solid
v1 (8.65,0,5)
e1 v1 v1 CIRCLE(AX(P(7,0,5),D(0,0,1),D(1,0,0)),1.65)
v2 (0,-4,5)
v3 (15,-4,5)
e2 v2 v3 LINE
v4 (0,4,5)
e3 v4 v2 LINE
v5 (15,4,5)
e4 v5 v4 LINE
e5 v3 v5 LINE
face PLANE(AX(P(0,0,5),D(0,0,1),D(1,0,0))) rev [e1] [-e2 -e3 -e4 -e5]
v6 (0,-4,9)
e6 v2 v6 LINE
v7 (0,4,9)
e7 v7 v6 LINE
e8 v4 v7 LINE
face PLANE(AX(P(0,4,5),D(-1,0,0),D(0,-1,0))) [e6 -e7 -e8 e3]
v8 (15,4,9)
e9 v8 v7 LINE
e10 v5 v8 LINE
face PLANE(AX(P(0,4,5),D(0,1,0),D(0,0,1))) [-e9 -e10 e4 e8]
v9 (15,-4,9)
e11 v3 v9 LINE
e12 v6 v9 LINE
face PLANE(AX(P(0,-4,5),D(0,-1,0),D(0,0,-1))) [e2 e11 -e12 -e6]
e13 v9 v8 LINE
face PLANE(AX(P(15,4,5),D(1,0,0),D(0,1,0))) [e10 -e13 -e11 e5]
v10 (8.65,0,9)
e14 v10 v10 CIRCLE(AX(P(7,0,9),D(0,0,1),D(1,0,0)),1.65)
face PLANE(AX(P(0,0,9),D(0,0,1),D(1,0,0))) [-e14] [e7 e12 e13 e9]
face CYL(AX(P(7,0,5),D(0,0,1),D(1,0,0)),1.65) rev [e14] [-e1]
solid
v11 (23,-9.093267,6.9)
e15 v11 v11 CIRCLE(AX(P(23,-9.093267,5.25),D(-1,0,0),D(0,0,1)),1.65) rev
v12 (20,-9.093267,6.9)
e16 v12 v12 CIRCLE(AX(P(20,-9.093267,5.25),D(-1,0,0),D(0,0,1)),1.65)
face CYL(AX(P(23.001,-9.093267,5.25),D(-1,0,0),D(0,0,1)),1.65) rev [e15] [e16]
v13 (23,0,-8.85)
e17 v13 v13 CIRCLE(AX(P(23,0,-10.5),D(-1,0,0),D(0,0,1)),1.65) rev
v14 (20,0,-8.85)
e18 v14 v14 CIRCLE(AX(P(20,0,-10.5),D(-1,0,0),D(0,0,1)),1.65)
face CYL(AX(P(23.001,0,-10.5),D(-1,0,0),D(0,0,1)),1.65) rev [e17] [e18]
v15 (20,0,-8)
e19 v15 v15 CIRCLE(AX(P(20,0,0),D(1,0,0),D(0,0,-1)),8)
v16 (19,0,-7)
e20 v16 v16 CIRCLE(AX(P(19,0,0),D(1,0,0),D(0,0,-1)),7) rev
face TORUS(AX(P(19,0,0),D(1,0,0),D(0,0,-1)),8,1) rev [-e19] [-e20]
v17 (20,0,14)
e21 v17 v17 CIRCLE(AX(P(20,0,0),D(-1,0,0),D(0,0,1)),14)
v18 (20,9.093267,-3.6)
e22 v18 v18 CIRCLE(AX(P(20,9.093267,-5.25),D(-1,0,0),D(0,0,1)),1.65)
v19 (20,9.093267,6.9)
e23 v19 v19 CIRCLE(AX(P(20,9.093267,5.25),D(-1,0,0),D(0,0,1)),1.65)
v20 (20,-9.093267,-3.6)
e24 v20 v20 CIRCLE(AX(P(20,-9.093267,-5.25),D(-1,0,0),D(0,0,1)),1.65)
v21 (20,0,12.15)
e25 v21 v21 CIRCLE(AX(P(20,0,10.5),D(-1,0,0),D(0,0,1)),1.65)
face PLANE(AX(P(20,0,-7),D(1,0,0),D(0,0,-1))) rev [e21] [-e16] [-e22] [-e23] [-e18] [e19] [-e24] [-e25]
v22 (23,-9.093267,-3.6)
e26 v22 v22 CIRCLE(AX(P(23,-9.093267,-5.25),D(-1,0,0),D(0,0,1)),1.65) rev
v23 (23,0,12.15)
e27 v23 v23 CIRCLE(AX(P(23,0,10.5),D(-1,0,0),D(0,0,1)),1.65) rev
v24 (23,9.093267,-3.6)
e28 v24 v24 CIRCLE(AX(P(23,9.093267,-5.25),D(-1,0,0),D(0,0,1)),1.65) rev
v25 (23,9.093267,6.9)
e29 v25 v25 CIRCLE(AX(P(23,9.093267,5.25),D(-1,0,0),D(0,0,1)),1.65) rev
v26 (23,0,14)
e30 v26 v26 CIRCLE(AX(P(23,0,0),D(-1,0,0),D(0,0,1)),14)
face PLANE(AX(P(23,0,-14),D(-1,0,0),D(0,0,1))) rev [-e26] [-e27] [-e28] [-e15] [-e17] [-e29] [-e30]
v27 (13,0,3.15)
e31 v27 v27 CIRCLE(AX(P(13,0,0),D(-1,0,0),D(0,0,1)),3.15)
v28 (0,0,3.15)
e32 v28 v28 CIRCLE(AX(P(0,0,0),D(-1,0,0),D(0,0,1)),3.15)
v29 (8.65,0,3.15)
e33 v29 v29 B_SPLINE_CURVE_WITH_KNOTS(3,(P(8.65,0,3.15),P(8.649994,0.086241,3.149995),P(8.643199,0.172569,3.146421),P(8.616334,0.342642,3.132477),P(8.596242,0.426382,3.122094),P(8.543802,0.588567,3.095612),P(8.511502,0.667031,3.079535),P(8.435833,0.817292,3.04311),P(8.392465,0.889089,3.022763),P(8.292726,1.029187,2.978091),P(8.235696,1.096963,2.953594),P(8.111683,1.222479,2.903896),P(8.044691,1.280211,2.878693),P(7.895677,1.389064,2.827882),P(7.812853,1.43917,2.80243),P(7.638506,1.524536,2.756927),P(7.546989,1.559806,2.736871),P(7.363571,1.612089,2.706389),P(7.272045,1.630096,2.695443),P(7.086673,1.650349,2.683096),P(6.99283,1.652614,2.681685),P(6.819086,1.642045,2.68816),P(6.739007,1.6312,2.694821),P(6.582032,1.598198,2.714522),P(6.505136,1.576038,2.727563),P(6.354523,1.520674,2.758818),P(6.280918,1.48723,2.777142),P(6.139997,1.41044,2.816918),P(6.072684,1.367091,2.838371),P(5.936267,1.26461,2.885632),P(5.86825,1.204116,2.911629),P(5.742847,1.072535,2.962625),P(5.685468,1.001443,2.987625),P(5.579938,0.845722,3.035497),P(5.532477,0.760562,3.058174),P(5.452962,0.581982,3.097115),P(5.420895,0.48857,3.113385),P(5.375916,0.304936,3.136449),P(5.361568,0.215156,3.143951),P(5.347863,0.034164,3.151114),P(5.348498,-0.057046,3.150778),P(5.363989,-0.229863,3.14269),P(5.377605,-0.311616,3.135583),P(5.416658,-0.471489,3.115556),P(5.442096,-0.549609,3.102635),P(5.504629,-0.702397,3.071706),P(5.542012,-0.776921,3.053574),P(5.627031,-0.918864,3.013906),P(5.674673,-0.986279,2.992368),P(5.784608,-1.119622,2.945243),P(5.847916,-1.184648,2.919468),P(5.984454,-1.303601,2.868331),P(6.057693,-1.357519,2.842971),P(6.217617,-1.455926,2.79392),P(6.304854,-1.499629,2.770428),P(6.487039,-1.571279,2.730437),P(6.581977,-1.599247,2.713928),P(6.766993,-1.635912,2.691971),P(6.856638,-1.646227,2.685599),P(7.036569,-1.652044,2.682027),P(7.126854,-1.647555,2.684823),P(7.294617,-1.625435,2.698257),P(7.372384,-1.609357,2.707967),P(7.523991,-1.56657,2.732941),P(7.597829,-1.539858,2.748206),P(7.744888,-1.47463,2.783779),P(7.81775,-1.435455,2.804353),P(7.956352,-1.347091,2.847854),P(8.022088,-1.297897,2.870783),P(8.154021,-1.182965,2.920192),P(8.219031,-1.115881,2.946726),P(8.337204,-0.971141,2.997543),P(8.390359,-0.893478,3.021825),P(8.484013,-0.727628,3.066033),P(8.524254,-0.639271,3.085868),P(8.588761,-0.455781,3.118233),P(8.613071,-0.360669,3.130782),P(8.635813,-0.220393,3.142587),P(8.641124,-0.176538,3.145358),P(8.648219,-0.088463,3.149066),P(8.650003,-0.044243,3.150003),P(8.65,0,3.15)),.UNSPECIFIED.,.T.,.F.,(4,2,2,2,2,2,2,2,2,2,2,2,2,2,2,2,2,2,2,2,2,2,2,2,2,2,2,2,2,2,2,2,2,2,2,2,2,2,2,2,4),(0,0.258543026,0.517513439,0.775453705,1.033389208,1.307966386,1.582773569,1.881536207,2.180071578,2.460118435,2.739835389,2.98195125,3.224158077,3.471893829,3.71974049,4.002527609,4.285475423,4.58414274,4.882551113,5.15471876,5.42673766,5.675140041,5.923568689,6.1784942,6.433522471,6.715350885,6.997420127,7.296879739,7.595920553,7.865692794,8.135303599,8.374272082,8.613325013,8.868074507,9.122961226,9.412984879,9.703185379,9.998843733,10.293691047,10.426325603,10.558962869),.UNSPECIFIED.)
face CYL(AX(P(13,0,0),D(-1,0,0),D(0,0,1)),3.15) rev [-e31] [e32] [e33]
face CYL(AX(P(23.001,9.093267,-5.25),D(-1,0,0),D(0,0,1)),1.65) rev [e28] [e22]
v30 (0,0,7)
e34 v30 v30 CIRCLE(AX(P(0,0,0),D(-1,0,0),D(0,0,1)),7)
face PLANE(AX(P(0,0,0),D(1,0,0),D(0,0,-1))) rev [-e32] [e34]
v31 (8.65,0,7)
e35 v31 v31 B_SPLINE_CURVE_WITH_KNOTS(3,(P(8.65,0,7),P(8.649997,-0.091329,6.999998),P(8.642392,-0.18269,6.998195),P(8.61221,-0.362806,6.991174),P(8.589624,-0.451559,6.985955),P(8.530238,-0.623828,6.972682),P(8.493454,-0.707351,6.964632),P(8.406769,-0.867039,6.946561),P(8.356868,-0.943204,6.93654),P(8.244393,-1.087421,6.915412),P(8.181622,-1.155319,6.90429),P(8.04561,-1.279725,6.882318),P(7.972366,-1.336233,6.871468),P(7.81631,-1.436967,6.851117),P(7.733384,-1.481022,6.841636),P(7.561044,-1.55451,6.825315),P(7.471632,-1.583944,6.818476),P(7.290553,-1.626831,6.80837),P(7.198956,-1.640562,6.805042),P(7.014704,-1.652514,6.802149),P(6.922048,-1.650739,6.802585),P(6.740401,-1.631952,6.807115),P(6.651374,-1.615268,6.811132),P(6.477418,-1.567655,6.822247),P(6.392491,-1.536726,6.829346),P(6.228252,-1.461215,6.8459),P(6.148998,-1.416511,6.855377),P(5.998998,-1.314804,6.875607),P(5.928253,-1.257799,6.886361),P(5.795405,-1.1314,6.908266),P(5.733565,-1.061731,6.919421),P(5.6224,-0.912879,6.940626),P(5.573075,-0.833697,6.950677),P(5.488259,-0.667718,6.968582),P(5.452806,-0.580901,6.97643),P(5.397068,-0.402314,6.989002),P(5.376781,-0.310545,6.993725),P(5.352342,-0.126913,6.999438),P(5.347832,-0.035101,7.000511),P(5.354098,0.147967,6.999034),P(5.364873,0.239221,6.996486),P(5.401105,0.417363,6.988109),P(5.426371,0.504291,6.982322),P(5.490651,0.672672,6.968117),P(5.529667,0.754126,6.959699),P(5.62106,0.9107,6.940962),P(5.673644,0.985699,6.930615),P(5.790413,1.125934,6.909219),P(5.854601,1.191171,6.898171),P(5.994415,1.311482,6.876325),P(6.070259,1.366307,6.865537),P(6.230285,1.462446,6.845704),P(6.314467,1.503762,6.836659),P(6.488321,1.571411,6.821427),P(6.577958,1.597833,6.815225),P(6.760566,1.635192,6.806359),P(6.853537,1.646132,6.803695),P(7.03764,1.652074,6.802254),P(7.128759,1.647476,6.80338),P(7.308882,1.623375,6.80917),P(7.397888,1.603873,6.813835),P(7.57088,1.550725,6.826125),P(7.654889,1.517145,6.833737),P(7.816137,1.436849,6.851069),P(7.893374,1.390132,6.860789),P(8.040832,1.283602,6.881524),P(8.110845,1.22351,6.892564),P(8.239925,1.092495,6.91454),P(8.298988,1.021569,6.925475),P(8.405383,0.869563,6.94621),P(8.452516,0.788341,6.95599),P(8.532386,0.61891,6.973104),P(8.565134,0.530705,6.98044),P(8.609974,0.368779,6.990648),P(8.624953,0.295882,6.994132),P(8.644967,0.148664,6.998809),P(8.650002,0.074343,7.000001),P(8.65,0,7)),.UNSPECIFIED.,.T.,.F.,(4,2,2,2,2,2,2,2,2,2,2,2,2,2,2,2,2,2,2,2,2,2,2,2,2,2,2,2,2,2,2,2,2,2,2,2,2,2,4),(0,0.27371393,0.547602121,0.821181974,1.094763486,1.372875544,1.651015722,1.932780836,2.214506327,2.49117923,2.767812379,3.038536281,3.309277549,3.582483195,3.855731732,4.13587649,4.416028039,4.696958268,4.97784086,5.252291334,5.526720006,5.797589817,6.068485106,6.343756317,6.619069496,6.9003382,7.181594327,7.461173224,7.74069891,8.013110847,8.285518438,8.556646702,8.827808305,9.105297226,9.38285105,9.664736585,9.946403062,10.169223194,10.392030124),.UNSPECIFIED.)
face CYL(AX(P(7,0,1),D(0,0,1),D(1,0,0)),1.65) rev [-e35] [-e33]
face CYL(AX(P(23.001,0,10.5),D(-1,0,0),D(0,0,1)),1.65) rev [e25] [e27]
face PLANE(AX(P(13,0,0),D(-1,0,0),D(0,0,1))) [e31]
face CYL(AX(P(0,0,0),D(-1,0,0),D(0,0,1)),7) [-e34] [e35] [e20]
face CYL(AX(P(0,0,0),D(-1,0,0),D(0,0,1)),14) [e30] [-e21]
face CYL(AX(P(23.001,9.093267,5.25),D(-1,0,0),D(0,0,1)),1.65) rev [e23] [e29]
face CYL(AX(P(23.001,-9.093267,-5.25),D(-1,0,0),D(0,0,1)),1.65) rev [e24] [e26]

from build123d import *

# Parameters (mm, degrees)
CUT_EXTRUDE1_REACH       = 30.142
SKETCH2_R                = 1.65
SKETCH4_R                = 3.15
CUT_EXTRUDE2_DEPTH       = 13
SKETCH5_R                = 1.65
CUT_EXTRUDE4_DEPTH       = 6
FILLET1_R                = 1
BOSS_EXTRUDE1_DEPTH      = 2
BOSS_EXTRUDE1_DEPTH_BACK = 2
SKETCH6_W                = 15
SKETCH6_H                = 8
SKETCH6_R                = 1.65


with BuildPart() as part:
    # Sketch1 → Revolve1 (revolve)
    with BuildSketch(Plane(origin=(0, 0, 0), x_dir=(1, 0, 0), z_dir=(0, 1, 0))):
        Polygon((0, 0), (0, 7), (20, 7), (20, 14), (23, 14), (23, 0), align=None)
    revolve(axis=Axis((0, 0, 0), (1, 0, 0)))

    # Sketch2 → Cut-Extrude1 (cut, up to next)
    with BuildSketch(Plane.ZY.offset(-20), mode=Mode.PRIVATE) as cut_extrude1_sk1:
        with Locations((10.5, 0)):
            Circle(SKETCH2_R)
    cut_extrude1_tool1 = extrude(cut_extrude1_sk1.sketch, amount=-CUT_EXTRUDE1_REACH, mode=Mode.PRIVATE) & part.part
    # Sketch2 → Cut-Extrude1 (cut, up to next)
    with BuildSketch(Plane.ZY.offset(-20), mode=Mode.PRIVATE) as cut_extrude1_sk2:
        with Locations((5.25, -9.09326674)):
            Circle(SKETCH2_R)
    cut_extrude1_tool2 = extrude(cut_extrude1_sk2.sketch, amount=-CUT_EXTRUDE1_REACH, mode=Mode.PRIVATE) & part.part
    # Sketch2 → Cut-Extrude1 (cut, up to next)
    with BuildSketch(Plane.ZY.offset(-20), mode=Mode.PRIVATE) as cut_extrude1_sk3:
        with Locations((-5.25, -9.09326674)):
            Circle(SKETCH2_R)
    cut_extrude1_tool3 = extrude(cut_extrude1_sk3.sketch, amount=-CUT_EXTRUDE1_REACH, mode=Mode.PRIVATE) & part.part
    # Sketch2 → Cut-Extrude1 (cut, up to next)
    with BuildSketch(Plane.ZY.offset(-20), mode=Mode.PRIVATE) as cut_extrude1_sk4:
        with Locations((-10.5, 0)):
            Circle(SKETCH2_R)
    cut_extrude1_tool4 = extrude(cut_extrude1_sk4.sketch, amount=-CUT_EXTRUDE1_REACH, mode=Mode.PRIVATE) & part.part
    # Sketch2 → Cut-Extrude1 (cut, up to next)
    with BuildSketch(Plane.ZY.offset(-20), mode=Mode.PRIVATE) as cut_extrude1_sk5:
        with Locations((-5.25, 9.09326674)):
            Circle(SKETCH2_R)
    cut_extrude1_tool5 = extrude(cut_extrude1_sk5.sketch, amount=-CUT_EXTRUDE1_REACH, mode=Mode.PRIVATE) & part.part
    # Sketch2 → Cut-Extrude1 (cut, up to next)
    with BuildSketch(Plane.ZY.offset(-20), mode=Mode.PRIVATE) as cut_extrude1_sk6:
        with Locations((5.25, 9.09326674)):
            Circle(SKETCH2_R)
    cut_extrude1_tool6 = extrude(cut_extrude1_sk6.sketch, amount=-CUT_EXTRUDE1_REACH, mode=Mode.PRIVATE) & part.part
    add(cut_extrude1_tool1.solids().sort_by_distance((20, 0, 10.5))[0], mode=Mode.SUBTRACT)
    add(cut_extrude1_tool2.solids().sort_by_distance((20, -9.093267, 5.25))[0], mode=Mode.SUBTRACT)
    add(cut_extrude1_tool3.solids().sort_by_distance((20, -9.093267, -5.25))[0], mode=Mode.SUBTRACT)
    add(cut_extrude1_tool4.solids().sort_by_distance((20, 0, -10.5))[0], mode=Mode.SUBTRACT)
    add(cut_extrude1_tool5.solids().sort_by_distance((20, 9.093267, -5.25))[0], mode=Mode.SUBTRACT)
    add(cut_extrude1_tool6.solids().sort_by_distance((20, 9.093267, 5.25))[0], mode=Mode.SUBTRACT)

    # Sketch4 → Cut-Extrude2 (cut)
    with BuildSketch(Plane.ZY):
        Circle(SKETCH4_R)
    extrude(amount=-CUT_EXTRUDE2_DEPTH, mode=Mode.SUBTRACT)

    # Sketch5 → Cut-Extrude4 (cut)
    with BuildSketch(Plane.XY.offset(7)):
        with Locations((7, 0)):
            Circle(SKETCH5_R)
    extrude(amount=-CUT_EXTRUDE4_DEPTH, mode=Mode.SUBTRACT)

    # Fillet1
    fillet1_edges = [part.edges().sort_by_distance(p)[0] for p in [
        (20, 0, 7),
    ]]
    fillet(fillet1_edges, radius=FILLET1_R)


with BuildPart() as body_2:
    # Sketch6 → Boss-Extrude1 (new, two sides: drawn at the far end of the back side and taken through both)
    with BuildSketch(Plane.XY.offset(7).offset(-BOSS_EXTRUDE1_DEPTH_BACK)):
        with Locations((7.5, 0)):
            Rectangle(SKETCH6_W, SKETCH6_H)
        with Locations((7, 0)):
            Circle(SKETCH6_R, mode=Mode.SUBTRACT)
    extrude(amount=BOSS_EXTRUDE1_DEPTH + BOSS_EXTRUDE1_DEPTH_BACK)


solid = Compound([part.part, body_2.part])
